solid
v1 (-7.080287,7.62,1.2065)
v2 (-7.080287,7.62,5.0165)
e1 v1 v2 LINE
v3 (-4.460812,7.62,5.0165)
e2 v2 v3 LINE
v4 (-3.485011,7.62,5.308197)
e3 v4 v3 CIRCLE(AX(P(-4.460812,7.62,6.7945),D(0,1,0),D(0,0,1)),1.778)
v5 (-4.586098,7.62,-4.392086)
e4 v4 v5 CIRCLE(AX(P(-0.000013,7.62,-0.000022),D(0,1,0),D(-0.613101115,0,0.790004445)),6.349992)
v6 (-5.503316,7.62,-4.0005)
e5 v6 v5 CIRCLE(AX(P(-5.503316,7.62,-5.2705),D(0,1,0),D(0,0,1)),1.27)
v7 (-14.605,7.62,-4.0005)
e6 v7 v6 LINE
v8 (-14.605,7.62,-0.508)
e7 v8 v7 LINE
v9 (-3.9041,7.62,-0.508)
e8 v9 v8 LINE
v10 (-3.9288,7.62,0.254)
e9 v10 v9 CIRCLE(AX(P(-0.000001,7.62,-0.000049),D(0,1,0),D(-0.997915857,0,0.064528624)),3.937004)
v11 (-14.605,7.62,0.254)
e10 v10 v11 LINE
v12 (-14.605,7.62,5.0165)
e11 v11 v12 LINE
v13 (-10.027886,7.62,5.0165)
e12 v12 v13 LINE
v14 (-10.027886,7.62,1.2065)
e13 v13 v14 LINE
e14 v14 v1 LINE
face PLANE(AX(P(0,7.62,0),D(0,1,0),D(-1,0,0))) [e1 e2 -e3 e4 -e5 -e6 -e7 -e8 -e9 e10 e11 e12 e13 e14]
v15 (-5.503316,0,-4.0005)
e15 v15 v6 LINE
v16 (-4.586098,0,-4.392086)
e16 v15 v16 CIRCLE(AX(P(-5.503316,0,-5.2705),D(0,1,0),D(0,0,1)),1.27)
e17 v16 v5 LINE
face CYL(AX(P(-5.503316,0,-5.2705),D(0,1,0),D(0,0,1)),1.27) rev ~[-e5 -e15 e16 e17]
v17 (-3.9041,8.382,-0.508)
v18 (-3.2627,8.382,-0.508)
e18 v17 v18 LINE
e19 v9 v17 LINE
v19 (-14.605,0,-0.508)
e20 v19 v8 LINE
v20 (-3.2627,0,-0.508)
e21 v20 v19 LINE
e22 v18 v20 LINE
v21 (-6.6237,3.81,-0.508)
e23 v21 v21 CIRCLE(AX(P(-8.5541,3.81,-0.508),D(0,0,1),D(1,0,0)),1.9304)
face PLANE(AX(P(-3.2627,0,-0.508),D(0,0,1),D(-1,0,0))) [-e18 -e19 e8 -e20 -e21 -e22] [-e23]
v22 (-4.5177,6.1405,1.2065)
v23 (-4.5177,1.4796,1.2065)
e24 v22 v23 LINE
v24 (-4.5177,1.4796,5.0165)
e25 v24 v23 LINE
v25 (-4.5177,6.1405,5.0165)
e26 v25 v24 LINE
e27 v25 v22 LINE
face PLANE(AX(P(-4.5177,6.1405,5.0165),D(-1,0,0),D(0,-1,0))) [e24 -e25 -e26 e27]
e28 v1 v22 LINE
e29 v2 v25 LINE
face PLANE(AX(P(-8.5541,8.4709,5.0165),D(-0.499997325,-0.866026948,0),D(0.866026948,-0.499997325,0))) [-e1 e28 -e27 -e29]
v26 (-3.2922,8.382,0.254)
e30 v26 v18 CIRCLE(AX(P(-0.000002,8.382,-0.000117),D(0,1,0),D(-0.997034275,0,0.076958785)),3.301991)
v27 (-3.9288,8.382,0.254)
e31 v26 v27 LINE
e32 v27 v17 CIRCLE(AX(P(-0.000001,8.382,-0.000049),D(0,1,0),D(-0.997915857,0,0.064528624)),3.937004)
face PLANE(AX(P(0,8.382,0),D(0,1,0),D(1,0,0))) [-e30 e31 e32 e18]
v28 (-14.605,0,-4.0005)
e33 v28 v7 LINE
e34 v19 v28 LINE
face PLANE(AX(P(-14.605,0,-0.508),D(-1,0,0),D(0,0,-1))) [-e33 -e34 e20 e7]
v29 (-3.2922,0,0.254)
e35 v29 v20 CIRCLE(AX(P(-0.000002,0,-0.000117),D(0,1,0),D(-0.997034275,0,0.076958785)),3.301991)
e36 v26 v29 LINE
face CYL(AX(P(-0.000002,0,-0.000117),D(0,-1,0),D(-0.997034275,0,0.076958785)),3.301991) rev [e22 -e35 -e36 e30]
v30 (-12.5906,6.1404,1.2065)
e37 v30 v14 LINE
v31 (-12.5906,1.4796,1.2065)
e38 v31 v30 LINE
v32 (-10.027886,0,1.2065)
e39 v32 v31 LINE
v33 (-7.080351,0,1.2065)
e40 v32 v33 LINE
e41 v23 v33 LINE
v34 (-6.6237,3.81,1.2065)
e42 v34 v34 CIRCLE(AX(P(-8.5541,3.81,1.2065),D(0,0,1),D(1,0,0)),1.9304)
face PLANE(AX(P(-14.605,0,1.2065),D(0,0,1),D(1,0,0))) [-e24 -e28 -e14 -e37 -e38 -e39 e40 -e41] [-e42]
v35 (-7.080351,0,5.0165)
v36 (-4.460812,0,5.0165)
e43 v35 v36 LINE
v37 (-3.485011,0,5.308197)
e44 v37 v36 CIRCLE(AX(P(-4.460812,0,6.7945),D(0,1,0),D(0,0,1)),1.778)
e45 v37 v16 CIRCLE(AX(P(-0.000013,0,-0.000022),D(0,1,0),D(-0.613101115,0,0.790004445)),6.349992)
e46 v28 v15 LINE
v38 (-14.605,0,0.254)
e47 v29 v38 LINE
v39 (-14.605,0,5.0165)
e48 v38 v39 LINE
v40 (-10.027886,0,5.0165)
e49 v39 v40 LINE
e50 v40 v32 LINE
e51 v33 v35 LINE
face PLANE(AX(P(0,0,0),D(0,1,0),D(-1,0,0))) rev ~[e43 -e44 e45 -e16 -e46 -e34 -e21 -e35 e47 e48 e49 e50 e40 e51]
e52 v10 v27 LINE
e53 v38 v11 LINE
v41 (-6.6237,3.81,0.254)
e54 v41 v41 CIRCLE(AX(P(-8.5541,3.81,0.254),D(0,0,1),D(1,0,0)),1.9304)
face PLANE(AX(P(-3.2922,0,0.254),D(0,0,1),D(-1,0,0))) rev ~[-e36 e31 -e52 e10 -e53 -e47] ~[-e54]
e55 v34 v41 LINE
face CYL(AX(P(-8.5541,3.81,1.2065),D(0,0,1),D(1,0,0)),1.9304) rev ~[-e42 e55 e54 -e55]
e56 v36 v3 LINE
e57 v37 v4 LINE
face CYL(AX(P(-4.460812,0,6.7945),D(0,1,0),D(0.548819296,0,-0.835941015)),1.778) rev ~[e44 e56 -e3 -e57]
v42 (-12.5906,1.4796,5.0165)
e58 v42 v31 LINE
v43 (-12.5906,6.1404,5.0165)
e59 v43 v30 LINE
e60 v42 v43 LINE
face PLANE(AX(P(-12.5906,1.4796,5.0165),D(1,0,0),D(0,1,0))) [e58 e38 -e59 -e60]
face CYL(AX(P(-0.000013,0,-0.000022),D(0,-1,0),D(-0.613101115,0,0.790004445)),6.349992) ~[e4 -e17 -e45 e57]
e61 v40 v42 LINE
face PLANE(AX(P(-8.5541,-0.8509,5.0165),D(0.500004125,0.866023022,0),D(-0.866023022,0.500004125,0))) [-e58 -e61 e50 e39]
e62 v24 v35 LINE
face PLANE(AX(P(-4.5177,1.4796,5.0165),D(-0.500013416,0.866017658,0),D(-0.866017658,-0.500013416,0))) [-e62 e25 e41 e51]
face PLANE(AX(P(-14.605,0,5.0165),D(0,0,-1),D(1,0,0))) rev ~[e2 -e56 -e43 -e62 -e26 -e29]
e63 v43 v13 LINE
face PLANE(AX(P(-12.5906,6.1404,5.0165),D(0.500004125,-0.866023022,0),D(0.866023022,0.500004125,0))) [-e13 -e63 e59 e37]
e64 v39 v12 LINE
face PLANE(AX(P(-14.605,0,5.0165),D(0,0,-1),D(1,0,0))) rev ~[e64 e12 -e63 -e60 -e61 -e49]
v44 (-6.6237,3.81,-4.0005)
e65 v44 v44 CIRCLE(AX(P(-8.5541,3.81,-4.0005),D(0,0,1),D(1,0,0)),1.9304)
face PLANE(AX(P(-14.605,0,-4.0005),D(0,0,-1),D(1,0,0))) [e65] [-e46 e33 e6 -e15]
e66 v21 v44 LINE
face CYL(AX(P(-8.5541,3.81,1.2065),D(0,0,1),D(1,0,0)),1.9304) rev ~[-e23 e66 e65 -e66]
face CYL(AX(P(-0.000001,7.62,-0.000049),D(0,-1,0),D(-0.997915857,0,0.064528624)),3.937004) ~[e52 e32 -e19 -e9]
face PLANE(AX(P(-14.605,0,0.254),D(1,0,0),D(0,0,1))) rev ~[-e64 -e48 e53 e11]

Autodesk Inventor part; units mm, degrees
ref_plane "YZ Plane" through (0, 0, 0) normal (1, 0, 0) x (0, 1, 0)
ref_plane "XZ Plane" through (0, 0, 0) normal (0, 1, 0) x (-1, 0, 0)
ref_plane "XY Plane" through (0, 0, 0) normal (0, 0, 1) x (1, 0, 0)
sketch "Sketch1" plane through (0, 0, 0) normal (0, 1, 0) x (-1, 0, 0)
  arc A0 (3.8932, 5.0165) -> (4.9314, -4.0005) centre (0, 0) ccw
  arc A1 (3.2922, 0.254) -> (3.2627, -0.508) centre (0, 0) ccw
  line L0 (14.605, -0.508) -> (14.605, -4.0005)
  line L1 (14.605, -4.0005) -> (4.9314, -4.0005)
  line L2 (14.605, 0.254) -> (14.605, 5.0165)
  line L3 (14.605, 5.0165) -> (3.8932, 5.0165)
  line L4 (3.2627, -0.508) -> (14.605, -0.508)
  line L5 (3.2922, 0.254) -> (14.605, 0.254)
  dimension "d0" = 12.7
  dimension "d1" = 6.604
  dimension "d8" = 0.254
  dimension "d9" = 0.508
  dimension "d10" = 4.7625
  dimension "d11" = 3.4925
  dimension "d25" = 14.605
  dimension "d26" = 14.605
extrude "PartShape" add sketch "Sketch1" along normal blind 7.62
sketch "Sketch2" plane through (0, 7.62, 0) normal (0, 1, 0) x (1, 0, 0)
  arc A0 (-3.9288, -0.254) -> (-3.9041, 0.508) centre (0, 0) ccw
  arc A1 (-3.2922, -0.254) -> (-3.2627, 0.508) centre (0, 0) ccw
  line L0 (-3.2922, -0.254) -> (-14.605, -0.254) projected
  line L1 (-3.9288, -0.254) -> (-3.2922, -0.254)
  line L2 (-14.605, 0.508) -> (-3.2627, 0.508) projected
  arc A2 (-3.2922, -0.254) -> (-3.2627, 0.508) centre (0, 0) ccw projected
  line L3 (-14.605, 0.508) -> (-3.2627, 0.508) projected
  line L4 (-3.9041, 0.508) -> (-3.2627, 0.508)
  dimension "d14" = 7.874
extrude "RaceStandoff" add sketch "Sketch2" along normal blind 0.762
sketch "Sketch3" plane through (-14.605, 0, 5.0165) normal (0, 0, 1) x (1, 0, 0)
  line L0 (0, 0) -> (0, 7.62) construction
  line L1 (0, 3.81) -> (11.9818, 3.81) construction
  line L2 (10.7118, 0) -> (10.7118, 7.62) construction
  circle A0 centre (6.0509, 3.81) radius 4.6609 construction
  line L3 (6.0509, -0.8509) -> (2.0144, 1.4796)
  line L4 (2.0144, 1.4796) -> (2.0144, 6.1404)
  line L5 (2.0144, 6.1404) -> (6.0509, 8.4709)
  line L6 (6.0509, 8.4709) -> (10.0873, 6.1405)
  line L7 (10.0873, 6.1405) -> (10.0873, 1.4796)
  line L8 (10.0873, 1.4796) -> (6.0509, -0.8509)
  point P0 (14.605, 0)
  dimension "d18" = 9.3218
  dimension "d19" = 4.6609
extrude "NutWell" cut sketch "Sketch3" against normal blind 3.81
sketch "Sketch4" plane through (-14.605, 0, 1.2065) normal (0, 0, 1) x (1, 0, 0)
  line L0 (10.7118, 0) -> (10.7118, 7.62) construction
  line L1 (10.6762, 7.62) -> (0, 7.62) construction
  circle A0 centre (6.0509, 3.81) radius 1.9304
  line L2 (2.0144, 6.1404) -> (4.5771, 7.62) construction
  line L3 (10.0873, 6.1405) -> (10.0873, 1.4796) construction
  line L4 (2.0144, 6.1404) -> (10.0873, 1.4796) construction
  line L5 (10.0873, 1.4796) -> (10.0873, 6.1404) construction
  line L6 (4.5771, 0) -> (2.0144, 1.4796) construction
  line L7 (10.0873, 6.1404) -> (2.0144, 1.4796) construction
  point P0 (14.605, 0)
  point P1 (11.9818, 3.81)
  point P2 (12.5191, 7.62)
  dimension "d22" = 3.8608
extrude "ScrewHole" cut sketch "Sketch4" against normal through all
fillet "Fillet1" radius 1.27 1 edges at (-4.9314, 3.81, -4.0005)
fillet "Fillet2" radius 1.778 1 edges at (-3.8932, 3.81, 5.0165)
properties part number "Clamping Collar 1_4"
